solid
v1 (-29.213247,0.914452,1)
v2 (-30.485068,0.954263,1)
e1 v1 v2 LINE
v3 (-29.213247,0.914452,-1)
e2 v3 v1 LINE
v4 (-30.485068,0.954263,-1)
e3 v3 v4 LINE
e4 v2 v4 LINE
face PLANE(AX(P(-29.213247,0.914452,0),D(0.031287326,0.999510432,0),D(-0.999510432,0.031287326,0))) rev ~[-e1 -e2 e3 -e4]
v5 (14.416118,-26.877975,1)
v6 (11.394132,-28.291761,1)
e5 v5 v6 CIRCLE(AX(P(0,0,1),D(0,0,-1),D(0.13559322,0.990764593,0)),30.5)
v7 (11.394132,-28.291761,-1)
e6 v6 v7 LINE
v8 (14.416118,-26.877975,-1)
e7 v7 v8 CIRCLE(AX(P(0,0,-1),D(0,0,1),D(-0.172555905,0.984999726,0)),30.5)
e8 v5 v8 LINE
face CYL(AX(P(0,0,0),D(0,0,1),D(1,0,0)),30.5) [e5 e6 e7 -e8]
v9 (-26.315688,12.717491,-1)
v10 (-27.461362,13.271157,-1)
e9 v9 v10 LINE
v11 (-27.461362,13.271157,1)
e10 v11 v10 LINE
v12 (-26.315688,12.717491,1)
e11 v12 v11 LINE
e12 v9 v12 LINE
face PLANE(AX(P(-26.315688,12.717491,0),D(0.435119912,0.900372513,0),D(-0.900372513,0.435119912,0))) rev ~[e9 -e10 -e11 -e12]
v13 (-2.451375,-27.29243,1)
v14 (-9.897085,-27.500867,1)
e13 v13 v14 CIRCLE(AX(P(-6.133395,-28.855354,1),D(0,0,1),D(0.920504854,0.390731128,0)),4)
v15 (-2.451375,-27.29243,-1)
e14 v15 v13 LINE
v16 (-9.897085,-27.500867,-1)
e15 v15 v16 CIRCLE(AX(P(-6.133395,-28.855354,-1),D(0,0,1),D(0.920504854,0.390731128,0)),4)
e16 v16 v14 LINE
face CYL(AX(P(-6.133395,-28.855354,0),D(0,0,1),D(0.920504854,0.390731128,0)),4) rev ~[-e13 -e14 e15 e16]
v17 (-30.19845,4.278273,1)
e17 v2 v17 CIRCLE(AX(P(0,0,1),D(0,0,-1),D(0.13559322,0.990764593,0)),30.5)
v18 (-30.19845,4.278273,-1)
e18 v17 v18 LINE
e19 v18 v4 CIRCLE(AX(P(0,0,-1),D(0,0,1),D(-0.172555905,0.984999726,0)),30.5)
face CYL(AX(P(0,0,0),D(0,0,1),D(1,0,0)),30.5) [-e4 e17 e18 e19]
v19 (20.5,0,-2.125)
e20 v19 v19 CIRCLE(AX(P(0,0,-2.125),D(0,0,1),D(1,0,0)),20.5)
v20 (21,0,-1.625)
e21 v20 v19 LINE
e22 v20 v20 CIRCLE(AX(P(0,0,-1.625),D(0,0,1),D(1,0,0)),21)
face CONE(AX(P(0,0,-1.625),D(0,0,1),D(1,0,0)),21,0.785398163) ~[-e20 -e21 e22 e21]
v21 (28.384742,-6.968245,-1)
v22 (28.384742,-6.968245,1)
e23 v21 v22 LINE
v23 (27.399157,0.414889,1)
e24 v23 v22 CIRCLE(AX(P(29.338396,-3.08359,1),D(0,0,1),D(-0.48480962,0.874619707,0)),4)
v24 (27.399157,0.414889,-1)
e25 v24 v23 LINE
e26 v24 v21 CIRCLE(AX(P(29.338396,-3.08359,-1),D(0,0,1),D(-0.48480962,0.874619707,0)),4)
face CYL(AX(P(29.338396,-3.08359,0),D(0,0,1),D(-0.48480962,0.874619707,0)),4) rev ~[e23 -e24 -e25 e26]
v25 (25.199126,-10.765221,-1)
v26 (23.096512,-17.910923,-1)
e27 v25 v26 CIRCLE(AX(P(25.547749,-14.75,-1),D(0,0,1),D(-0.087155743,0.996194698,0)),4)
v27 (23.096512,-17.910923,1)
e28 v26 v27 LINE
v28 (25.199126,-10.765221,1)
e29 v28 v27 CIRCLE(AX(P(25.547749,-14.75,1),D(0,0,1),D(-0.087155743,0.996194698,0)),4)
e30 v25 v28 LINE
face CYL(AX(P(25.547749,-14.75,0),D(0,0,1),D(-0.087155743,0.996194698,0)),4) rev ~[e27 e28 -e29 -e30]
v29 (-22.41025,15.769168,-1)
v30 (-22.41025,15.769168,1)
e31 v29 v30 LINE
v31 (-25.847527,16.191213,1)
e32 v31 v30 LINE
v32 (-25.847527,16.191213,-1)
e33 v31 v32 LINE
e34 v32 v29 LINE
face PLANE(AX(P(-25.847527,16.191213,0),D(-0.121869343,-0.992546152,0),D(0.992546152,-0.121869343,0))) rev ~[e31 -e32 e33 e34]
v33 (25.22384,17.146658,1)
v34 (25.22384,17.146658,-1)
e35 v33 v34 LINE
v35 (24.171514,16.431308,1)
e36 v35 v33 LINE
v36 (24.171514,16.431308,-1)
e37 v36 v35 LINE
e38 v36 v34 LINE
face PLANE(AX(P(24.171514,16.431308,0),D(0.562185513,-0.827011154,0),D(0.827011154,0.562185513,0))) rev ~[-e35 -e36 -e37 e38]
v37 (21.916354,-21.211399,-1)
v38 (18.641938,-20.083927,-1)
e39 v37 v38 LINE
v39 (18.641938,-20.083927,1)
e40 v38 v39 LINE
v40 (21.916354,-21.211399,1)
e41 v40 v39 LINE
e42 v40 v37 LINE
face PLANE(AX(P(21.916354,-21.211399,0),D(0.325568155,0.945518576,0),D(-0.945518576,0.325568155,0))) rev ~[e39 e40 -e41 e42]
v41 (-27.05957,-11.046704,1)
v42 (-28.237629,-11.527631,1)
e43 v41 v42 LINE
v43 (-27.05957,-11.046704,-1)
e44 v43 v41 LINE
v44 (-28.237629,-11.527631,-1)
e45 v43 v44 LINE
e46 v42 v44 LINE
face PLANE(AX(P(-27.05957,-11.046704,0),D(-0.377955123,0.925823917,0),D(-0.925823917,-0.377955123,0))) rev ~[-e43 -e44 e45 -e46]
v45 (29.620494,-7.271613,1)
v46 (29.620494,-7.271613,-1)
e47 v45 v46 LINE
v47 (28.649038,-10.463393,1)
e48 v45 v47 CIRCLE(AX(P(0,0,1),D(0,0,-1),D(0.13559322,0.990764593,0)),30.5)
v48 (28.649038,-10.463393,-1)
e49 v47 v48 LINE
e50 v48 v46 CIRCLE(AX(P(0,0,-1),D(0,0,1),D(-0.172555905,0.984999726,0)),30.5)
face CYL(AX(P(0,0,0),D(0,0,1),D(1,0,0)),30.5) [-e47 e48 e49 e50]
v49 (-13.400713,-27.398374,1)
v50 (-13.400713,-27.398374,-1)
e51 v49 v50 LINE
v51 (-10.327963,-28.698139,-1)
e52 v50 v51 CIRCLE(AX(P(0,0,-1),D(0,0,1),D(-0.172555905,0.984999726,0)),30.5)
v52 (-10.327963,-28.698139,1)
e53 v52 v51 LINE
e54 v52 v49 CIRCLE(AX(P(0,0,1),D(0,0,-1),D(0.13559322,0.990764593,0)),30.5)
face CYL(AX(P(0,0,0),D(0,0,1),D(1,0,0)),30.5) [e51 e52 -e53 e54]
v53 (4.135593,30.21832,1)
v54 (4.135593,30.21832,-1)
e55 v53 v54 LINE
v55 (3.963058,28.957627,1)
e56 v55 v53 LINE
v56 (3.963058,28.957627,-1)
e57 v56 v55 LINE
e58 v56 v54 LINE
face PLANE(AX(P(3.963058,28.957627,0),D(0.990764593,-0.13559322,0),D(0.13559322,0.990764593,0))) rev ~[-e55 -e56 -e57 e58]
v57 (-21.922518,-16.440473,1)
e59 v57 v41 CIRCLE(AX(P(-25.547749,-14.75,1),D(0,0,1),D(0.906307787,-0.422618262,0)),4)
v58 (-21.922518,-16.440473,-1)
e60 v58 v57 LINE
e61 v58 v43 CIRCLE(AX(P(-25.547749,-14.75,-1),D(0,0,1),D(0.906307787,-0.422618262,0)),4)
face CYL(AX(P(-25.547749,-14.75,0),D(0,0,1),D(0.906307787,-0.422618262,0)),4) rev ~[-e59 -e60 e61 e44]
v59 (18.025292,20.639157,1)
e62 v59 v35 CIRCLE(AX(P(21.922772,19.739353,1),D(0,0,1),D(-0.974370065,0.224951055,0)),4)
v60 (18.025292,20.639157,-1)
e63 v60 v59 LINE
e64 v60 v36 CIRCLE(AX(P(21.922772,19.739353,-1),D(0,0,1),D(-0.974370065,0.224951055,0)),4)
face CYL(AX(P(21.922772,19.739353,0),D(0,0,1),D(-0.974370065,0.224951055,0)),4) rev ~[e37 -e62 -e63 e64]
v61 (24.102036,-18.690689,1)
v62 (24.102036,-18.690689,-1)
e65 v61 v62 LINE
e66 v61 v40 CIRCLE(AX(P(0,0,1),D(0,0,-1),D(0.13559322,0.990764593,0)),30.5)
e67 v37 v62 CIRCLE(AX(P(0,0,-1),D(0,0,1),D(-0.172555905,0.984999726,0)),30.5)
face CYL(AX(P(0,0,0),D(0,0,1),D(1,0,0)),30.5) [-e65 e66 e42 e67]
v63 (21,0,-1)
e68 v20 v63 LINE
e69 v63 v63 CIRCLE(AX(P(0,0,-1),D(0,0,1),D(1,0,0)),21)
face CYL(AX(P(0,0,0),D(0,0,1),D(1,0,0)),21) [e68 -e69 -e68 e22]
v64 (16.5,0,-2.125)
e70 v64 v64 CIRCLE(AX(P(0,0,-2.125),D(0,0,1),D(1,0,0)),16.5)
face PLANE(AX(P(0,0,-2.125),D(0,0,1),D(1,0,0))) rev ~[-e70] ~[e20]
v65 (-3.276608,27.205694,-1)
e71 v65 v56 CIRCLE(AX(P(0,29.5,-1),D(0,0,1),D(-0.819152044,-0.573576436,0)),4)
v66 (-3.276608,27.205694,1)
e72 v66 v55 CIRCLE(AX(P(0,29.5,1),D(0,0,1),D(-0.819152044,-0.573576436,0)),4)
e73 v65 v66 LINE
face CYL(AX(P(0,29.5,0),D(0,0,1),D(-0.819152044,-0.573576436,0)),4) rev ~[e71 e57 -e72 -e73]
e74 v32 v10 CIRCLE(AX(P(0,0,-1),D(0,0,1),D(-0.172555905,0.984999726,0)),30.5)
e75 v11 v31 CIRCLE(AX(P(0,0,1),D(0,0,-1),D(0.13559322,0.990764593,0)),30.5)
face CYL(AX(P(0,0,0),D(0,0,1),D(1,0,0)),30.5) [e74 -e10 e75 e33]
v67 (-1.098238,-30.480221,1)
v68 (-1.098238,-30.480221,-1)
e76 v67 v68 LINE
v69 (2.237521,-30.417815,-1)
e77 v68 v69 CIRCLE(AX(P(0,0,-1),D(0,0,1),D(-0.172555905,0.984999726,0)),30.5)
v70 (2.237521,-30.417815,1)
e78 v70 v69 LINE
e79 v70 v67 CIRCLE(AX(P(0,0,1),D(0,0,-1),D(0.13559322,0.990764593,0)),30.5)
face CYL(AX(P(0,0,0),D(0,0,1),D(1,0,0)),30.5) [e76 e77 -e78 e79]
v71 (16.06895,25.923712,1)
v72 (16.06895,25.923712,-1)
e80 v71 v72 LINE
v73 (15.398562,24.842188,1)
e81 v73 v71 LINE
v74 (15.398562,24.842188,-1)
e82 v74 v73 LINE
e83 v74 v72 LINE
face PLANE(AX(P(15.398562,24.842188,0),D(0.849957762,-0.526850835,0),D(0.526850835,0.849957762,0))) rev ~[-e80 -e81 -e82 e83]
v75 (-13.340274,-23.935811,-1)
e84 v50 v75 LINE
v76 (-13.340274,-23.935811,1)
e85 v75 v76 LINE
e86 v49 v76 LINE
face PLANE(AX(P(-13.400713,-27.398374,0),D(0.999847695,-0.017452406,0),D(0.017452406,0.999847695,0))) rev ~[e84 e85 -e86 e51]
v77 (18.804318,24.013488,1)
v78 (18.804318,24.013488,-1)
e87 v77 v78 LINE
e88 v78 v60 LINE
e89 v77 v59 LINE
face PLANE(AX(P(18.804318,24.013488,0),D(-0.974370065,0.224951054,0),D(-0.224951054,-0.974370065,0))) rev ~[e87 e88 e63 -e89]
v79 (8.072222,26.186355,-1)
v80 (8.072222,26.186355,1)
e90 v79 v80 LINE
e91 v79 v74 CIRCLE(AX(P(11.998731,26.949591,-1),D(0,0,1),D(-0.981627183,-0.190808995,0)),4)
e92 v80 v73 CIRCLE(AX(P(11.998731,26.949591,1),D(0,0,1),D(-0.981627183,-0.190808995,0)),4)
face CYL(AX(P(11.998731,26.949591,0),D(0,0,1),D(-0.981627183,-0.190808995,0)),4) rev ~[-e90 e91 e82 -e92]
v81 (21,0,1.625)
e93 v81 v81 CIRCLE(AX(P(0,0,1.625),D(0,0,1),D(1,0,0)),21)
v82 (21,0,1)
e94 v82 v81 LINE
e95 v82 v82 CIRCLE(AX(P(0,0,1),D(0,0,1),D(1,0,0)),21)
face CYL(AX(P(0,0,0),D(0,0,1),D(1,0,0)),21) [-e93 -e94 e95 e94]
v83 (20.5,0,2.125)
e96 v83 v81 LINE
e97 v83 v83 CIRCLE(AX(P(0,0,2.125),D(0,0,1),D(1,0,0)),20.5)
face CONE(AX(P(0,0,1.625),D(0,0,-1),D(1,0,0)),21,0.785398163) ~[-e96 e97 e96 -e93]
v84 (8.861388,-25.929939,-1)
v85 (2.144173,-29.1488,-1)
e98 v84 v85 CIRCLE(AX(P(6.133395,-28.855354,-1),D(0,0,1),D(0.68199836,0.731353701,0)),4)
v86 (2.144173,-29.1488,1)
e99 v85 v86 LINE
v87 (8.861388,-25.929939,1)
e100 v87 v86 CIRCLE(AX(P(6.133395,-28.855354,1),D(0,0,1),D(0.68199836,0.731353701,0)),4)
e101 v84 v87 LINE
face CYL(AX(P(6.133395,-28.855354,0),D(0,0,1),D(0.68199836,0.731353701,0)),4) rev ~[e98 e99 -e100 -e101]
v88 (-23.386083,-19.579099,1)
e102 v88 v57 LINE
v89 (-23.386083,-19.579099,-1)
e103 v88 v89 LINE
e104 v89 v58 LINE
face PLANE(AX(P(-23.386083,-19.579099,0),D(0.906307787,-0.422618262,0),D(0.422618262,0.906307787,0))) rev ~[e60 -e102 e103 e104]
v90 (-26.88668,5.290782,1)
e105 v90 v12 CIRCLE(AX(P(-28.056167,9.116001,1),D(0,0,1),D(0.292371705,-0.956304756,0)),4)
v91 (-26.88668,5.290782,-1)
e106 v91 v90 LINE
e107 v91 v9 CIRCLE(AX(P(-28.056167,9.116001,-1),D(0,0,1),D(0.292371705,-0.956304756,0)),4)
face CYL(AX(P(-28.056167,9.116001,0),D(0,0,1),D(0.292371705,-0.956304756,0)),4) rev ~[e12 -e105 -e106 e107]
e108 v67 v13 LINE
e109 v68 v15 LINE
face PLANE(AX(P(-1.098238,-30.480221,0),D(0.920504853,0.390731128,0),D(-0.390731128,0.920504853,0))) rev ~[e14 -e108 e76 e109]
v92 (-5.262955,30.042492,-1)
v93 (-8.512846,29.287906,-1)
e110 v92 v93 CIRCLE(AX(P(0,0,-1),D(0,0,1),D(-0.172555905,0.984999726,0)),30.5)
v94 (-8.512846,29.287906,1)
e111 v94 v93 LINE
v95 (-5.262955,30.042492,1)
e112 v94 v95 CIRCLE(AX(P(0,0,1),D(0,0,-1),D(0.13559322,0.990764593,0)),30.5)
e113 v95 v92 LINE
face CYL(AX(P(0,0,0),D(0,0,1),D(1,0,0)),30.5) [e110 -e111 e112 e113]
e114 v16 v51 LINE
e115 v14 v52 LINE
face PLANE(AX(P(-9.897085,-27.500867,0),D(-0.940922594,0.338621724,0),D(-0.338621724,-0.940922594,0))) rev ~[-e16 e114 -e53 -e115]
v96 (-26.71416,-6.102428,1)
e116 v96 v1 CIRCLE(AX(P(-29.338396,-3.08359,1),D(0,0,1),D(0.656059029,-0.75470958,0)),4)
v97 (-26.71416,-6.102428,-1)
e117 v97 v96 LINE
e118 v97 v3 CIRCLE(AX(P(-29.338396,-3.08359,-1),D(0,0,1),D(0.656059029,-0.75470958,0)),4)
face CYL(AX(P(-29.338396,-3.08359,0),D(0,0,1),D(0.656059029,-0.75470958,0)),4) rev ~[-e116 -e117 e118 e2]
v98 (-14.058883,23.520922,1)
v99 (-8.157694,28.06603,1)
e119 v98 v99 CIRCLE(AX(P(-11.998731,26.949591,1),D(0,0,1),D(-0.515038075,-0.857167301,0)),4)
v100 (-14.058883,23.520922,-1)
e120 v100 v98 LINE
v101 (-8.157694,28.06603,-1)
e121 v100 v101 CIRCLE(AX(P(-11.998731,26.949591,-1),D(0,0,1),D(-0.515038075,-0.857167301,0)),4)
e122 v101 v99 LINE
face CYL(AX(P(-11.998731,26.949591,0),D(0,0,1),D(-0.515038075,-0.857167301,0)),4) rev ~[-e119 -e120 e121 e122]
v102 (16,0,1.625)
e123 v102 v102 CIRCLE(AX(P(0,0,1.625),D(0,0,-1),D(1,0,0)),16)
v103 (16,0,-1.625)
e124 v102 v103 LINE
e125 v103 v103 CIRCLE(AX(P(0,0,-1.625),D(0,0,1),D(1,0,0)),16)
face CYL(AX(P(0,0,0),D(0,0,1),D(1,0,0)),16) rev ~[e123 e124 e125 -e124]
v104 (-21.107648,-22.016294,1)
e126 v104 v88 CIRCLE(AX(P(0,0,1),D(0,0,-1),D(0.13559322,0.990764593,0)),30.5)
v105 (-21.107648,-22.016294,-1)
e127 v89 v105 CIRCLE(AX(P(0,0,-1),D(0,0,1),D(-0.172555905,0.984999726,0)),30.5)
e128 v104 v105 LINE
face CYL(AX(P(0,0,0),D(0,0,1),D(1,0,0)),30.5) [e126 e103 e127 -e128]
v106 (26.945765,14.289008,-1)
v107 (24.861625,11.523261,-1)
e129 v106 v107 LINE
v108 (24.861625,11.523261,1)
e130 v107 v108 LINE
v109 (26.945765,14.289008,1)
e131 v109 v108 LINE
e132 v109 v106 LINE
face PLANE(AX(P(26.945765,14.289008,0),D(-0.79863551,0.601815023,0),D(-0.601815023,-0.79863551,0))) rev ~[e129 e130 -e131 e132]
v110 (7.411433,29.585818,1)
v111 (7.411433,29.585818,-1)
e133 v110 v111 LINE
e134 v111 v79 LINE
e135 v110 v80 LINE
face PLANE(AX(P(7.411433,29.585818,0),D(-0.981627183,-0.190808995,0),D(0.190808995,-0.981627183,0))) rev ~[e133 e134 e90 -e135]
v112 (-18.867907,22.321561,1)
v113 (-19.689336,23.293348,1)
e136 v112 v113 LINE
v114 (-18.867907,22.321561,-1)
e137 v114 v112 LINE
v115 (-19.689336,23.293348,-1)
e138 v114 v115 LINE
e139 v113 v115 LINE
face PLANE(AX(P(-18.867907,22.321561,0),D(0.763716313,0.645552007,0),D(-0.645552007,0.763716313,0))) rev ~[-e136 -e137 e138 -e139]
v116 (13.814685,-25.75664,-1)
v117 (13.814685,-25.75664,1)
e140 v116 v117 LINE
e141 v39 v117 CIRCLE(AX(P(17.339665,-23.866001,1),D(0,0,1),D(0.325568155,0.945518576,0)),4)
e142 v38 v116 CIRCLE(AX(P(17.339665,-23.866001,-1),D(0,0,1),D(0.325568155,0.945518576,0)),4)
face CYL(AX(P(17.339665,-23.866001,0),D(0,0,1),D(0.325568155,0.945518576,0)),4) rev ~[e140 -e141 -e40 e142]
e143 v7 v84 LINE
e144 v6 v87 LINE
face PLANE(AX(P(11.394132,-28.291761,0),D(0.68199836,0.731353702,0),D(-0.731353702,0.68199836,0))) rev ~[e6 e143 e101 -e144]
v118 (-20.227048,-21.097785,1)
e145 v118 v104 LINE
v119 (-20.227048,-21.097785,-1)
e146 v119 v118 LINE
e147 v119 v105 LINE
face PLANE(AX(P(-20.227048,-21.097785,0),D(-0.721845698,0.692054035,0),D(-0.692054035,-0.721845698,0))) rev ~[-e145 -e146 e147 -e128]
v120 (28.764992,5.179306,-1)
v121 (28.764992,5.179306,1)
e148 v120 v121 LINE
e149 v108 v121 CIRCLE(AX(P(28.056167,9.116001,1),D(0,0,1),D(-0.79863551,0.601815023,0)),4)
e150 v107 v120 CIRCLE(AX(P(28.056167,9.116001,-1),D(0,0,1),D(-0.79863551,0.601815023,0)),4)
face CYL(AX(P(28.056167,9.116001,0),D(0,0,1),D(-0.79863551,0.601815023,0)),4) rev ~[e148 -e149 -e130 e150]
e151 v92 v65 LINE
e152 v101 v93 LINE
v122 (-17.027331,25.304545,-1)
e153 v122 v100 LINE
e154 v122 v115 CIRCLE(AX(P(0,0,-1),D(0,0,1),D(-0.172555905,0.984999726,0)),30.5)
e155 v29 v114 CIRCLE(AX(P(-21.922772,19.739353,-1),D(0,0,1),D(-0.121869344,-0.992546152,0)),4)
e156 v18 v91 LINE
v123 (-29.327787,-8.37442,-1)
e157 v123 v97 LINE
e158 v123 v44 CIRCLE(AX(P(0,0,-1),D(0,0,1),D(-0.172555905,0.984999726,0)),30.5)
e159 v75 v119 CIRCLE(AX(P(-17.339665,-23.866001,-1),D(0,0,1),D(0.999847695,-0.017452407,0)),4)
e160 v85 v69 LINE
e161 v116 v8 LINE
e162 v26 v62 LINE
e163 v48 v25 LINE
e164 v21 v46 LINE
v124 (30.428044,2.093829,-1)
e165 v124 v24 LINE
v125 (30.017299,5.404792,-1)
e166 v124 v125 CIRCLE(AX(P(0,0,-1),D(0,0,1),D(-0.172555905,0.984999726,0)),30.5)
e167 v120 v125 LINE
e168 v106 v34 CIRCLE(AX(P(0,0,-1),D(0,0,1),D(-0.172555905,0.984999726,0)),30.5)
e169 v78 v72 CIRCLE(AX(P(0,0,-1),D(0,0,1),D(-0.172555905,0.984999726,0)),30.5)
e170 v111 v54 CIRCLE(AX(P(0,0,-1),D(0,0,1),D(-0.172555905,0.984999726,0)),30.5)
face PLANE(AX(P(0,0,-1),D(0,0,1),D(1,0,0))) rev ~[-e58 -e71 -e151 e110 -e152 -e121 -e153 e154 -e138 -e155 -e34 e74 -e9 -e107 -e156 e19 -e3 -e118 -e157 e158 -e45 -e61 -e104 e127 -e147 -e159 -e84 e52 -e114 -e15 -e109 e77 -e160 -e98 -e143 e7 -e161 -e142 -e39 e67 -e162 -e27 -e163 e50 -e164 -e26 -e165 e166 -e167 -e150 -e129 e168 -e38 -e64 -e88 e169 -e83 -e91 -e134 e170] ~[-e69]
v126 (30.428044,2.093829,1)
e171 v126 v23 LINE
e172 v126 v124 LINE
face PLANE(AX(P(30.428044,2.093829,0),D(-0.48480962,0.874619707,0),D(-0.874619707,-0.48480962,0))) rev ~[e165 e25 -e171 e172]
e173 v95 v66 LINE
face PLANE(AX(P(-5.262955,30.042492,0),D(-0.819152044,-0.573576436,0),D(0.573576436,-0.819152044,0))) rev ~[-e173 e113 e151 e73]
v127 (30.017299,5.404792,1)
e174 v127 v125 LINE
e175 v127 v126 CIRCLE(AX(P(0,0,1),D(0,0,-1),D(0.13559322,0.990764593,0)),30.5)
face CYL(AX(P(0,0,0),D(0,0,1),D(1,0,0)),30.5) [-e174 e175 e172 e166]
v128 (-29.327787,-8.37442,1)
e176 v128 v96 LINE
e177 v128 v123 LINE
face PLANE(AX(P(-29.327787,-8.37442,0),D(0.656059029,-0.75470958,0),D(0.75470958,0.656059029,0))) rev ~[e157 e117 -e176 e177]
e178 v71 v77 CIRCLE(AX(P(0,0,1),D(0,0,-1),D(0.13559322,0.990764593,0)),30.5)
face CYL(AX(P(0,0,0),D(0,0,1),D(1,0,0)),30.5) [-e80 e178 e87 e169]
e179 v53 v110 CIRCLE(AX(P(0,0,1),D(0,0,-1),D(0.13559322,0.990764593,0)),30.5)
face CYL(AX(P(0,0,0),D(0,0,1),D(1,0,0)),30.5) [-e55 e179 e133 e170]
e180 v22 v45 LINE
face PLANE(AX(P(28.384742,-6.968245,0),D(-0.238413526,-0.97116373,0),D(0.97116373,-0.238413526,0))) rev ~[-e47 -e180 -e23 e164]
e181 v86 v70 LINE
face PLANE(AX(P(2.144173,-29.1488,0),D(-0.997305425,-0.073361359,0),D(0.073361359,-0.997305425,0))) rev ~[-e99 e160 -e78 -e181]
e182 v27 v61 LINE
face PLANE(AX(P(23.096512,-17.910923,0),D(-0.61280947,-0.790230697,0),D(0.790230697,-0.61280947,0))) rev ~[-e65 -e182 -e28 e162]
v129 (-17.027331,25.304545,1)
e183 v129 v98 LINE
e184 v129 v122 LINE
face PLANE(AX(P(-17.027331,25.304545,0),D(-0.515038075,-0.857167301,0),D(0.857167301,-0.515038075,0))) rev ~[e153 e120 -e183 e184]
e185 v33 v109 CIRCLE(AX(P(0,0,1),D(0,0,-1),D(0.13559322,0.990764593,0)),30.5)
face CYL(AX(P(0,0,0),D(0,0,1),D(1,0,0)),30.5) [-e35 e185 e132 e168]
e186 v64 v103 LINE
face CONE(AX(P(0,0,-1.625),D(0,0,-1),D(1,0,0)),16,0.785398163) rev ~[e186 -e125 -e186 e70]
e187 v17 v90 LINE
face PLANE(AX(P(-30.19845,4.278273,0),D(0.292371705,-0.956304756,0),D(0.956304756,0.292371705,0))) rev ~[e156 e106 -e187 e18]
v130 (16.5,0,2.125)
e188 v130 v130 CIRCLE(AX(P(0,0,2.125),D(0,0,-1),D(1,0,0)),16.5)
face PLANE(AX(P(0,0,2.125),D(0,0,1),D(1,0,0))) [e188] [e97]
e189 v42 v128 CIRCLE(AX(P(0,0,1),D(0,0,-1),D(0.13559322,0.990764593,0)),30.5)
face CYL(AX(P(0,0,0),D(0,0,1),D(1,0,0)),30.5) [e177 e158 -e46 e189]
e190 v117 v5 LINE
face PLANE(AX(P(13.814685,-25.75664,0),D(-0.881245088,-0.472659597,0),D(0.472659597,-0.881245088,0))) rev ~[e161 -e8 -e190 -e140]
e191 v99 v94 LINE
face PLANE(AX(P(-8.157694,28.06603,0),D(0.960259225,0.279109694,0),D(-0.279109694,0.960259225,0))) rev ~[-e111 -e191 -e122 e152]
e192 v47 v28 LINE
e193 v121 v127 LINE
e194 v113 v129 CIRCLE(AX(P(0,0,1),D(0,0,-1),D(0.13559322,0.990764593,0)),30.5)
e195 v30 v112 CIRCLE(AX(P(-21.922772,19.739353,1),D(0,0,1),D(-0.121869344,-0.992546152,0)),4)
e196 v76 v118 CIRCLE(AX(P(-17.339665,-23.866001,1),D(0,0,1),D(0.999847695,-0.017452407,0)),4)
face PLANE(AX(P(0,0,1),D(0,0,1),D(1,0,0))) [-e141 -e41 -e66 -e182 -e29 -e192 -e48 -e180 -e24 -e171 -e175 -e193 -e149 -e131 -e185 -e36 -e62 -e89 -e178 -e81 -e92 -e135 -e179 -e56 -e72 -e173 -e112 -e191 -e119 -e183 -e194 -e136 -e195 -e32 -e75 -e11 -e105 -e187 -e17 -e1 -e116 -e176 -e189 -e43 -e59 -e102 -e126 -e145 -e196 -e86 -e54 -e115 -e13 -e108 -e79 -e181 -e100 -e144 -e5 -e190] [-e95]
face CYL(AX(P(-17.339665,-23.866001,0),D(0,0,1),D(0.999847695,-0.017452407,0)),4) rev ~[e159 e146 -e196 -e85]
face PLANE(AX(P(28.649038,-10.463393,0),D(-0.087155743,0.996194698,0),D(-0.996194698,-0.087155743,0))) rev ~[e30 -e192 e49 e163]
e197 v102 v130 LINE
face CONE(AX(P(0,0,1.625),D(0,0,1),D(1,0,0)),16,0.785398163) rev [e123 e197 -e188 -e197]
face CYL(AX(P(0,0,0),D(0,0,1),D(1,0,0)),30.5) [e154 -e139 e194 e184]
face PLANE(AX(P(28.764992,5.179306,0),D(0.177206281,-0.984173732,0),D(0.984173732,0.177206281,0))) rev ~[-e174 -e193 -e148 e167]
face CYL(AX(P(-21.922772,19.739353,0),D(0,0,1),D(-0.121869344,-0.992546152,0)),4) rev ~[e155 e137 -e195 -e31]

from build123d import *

# Parameters (mm, degrees)
ESQUISSE1_R                  = 30.5
EXTRUSION1_DEPTH             = 1
ENL_V_MAT_EXTRU_1_DEPTH      = 2
R_P_TITION_CIRCULAIRE1_COUNT = 15
ESQUISSE3_R                  = 21
EXTRUSION2_DEPTH             = 2.125
ESQUISSE4_R                  = 16
ENL_V_MAT_EXTRU_2_DEPTH      = 3.125
ENL_V_MAT_EXTRU_2_DEPTH_BACK = 3.125
CHANFREIN1_SIZE              = 0.5


with BuildPart() as part:
    # Esquisse1 → Extrusion1 (new body, symmetric)
    with BuildSketch(Plane.XY):
        Circle(ESQUISSE1_R)
    extrude(amount=EXTRUSION1_DEPTH, both=True)

    # Esquisse2 → Enlèv. mat.-Extru.1 (cut, symmetric)
    with BuildSketch(Plane.XY):
        with BuildLine():
            Line((-5.262955088, 30.042491637), (-3.276608177, 27.205694255))
            ThreePointArc((-3.276608177, 27.205694255), (0.940808513, 25.612214082), (3.963058372, 28.957627119))
            Line((3.963058372, 28.957627119), (4.13559322, 30.218320084))
            ThreePointArc((4.13559322, 30.218320084), (-0.570495492, 30.49466404), (-5.262955088, 30.042491637))
        make_face()
    enl_v_mat_extru_1 = extrude(amount=ENL_V_MAT_EXTRU_1_DEPTH, both=True, mode=Mode.SUBTRACT)

    # Répétition circulaire1: Enlèv. mat.-Extru.1 ×15 about axis
    r_p_tition_circulaire1_axis = Axis((0, 0, 0), (0, 0, 1))
    for i in range(1, R_P_TITION_CIRCULAIRE1_COUNT):
        add(enl_v_mat_extru_1.rotate(r_p_tition_circulaire1_axis, i * 360 / R_P_TITION_CIRCULAIRE1_COUNT), mode=Mode.SUBTRACT)

    # Esquisse3 → Extrusion2 (add, symmetric)
    with BuildSketch(Plane.XY):
        Circle(ESQUISSE3_R)
    extrude(amount=EXTRUSION2_DEPTH, both=True)

    # Esquisse4 → Enlèv. mat.-Extru.2 (cut, two sides)
    with BuildSketch(Plane.XY) as enl_v_mat_extru_2_sk:
        Circle(ESQUISSE4_R)
    extrude(amount=ENL_V_MAT_EXTRU_2_DEPTH, mode=Mode.SUBTRACT)
    extrude(enl_v_mat_extru_2_sk.sketch, amount=-ENL_V_MAT_EXTRU_2_DEPTH_BACK, mode=Mode.SUBTRACT)

    # Chanfrein1
    chanfrein1_edges = [part.edges().sort_by_distance(p)[0] for p in [
        (-21, 0, -2.125),
        (-21, 0, 2.125),
        (-16, 0, -2.125),
        (-16, 0, 2.125),
    ]]
    chamfer(chanfrein1_edges, length=CHANFREIN1_SIZE)


solid = part.part
